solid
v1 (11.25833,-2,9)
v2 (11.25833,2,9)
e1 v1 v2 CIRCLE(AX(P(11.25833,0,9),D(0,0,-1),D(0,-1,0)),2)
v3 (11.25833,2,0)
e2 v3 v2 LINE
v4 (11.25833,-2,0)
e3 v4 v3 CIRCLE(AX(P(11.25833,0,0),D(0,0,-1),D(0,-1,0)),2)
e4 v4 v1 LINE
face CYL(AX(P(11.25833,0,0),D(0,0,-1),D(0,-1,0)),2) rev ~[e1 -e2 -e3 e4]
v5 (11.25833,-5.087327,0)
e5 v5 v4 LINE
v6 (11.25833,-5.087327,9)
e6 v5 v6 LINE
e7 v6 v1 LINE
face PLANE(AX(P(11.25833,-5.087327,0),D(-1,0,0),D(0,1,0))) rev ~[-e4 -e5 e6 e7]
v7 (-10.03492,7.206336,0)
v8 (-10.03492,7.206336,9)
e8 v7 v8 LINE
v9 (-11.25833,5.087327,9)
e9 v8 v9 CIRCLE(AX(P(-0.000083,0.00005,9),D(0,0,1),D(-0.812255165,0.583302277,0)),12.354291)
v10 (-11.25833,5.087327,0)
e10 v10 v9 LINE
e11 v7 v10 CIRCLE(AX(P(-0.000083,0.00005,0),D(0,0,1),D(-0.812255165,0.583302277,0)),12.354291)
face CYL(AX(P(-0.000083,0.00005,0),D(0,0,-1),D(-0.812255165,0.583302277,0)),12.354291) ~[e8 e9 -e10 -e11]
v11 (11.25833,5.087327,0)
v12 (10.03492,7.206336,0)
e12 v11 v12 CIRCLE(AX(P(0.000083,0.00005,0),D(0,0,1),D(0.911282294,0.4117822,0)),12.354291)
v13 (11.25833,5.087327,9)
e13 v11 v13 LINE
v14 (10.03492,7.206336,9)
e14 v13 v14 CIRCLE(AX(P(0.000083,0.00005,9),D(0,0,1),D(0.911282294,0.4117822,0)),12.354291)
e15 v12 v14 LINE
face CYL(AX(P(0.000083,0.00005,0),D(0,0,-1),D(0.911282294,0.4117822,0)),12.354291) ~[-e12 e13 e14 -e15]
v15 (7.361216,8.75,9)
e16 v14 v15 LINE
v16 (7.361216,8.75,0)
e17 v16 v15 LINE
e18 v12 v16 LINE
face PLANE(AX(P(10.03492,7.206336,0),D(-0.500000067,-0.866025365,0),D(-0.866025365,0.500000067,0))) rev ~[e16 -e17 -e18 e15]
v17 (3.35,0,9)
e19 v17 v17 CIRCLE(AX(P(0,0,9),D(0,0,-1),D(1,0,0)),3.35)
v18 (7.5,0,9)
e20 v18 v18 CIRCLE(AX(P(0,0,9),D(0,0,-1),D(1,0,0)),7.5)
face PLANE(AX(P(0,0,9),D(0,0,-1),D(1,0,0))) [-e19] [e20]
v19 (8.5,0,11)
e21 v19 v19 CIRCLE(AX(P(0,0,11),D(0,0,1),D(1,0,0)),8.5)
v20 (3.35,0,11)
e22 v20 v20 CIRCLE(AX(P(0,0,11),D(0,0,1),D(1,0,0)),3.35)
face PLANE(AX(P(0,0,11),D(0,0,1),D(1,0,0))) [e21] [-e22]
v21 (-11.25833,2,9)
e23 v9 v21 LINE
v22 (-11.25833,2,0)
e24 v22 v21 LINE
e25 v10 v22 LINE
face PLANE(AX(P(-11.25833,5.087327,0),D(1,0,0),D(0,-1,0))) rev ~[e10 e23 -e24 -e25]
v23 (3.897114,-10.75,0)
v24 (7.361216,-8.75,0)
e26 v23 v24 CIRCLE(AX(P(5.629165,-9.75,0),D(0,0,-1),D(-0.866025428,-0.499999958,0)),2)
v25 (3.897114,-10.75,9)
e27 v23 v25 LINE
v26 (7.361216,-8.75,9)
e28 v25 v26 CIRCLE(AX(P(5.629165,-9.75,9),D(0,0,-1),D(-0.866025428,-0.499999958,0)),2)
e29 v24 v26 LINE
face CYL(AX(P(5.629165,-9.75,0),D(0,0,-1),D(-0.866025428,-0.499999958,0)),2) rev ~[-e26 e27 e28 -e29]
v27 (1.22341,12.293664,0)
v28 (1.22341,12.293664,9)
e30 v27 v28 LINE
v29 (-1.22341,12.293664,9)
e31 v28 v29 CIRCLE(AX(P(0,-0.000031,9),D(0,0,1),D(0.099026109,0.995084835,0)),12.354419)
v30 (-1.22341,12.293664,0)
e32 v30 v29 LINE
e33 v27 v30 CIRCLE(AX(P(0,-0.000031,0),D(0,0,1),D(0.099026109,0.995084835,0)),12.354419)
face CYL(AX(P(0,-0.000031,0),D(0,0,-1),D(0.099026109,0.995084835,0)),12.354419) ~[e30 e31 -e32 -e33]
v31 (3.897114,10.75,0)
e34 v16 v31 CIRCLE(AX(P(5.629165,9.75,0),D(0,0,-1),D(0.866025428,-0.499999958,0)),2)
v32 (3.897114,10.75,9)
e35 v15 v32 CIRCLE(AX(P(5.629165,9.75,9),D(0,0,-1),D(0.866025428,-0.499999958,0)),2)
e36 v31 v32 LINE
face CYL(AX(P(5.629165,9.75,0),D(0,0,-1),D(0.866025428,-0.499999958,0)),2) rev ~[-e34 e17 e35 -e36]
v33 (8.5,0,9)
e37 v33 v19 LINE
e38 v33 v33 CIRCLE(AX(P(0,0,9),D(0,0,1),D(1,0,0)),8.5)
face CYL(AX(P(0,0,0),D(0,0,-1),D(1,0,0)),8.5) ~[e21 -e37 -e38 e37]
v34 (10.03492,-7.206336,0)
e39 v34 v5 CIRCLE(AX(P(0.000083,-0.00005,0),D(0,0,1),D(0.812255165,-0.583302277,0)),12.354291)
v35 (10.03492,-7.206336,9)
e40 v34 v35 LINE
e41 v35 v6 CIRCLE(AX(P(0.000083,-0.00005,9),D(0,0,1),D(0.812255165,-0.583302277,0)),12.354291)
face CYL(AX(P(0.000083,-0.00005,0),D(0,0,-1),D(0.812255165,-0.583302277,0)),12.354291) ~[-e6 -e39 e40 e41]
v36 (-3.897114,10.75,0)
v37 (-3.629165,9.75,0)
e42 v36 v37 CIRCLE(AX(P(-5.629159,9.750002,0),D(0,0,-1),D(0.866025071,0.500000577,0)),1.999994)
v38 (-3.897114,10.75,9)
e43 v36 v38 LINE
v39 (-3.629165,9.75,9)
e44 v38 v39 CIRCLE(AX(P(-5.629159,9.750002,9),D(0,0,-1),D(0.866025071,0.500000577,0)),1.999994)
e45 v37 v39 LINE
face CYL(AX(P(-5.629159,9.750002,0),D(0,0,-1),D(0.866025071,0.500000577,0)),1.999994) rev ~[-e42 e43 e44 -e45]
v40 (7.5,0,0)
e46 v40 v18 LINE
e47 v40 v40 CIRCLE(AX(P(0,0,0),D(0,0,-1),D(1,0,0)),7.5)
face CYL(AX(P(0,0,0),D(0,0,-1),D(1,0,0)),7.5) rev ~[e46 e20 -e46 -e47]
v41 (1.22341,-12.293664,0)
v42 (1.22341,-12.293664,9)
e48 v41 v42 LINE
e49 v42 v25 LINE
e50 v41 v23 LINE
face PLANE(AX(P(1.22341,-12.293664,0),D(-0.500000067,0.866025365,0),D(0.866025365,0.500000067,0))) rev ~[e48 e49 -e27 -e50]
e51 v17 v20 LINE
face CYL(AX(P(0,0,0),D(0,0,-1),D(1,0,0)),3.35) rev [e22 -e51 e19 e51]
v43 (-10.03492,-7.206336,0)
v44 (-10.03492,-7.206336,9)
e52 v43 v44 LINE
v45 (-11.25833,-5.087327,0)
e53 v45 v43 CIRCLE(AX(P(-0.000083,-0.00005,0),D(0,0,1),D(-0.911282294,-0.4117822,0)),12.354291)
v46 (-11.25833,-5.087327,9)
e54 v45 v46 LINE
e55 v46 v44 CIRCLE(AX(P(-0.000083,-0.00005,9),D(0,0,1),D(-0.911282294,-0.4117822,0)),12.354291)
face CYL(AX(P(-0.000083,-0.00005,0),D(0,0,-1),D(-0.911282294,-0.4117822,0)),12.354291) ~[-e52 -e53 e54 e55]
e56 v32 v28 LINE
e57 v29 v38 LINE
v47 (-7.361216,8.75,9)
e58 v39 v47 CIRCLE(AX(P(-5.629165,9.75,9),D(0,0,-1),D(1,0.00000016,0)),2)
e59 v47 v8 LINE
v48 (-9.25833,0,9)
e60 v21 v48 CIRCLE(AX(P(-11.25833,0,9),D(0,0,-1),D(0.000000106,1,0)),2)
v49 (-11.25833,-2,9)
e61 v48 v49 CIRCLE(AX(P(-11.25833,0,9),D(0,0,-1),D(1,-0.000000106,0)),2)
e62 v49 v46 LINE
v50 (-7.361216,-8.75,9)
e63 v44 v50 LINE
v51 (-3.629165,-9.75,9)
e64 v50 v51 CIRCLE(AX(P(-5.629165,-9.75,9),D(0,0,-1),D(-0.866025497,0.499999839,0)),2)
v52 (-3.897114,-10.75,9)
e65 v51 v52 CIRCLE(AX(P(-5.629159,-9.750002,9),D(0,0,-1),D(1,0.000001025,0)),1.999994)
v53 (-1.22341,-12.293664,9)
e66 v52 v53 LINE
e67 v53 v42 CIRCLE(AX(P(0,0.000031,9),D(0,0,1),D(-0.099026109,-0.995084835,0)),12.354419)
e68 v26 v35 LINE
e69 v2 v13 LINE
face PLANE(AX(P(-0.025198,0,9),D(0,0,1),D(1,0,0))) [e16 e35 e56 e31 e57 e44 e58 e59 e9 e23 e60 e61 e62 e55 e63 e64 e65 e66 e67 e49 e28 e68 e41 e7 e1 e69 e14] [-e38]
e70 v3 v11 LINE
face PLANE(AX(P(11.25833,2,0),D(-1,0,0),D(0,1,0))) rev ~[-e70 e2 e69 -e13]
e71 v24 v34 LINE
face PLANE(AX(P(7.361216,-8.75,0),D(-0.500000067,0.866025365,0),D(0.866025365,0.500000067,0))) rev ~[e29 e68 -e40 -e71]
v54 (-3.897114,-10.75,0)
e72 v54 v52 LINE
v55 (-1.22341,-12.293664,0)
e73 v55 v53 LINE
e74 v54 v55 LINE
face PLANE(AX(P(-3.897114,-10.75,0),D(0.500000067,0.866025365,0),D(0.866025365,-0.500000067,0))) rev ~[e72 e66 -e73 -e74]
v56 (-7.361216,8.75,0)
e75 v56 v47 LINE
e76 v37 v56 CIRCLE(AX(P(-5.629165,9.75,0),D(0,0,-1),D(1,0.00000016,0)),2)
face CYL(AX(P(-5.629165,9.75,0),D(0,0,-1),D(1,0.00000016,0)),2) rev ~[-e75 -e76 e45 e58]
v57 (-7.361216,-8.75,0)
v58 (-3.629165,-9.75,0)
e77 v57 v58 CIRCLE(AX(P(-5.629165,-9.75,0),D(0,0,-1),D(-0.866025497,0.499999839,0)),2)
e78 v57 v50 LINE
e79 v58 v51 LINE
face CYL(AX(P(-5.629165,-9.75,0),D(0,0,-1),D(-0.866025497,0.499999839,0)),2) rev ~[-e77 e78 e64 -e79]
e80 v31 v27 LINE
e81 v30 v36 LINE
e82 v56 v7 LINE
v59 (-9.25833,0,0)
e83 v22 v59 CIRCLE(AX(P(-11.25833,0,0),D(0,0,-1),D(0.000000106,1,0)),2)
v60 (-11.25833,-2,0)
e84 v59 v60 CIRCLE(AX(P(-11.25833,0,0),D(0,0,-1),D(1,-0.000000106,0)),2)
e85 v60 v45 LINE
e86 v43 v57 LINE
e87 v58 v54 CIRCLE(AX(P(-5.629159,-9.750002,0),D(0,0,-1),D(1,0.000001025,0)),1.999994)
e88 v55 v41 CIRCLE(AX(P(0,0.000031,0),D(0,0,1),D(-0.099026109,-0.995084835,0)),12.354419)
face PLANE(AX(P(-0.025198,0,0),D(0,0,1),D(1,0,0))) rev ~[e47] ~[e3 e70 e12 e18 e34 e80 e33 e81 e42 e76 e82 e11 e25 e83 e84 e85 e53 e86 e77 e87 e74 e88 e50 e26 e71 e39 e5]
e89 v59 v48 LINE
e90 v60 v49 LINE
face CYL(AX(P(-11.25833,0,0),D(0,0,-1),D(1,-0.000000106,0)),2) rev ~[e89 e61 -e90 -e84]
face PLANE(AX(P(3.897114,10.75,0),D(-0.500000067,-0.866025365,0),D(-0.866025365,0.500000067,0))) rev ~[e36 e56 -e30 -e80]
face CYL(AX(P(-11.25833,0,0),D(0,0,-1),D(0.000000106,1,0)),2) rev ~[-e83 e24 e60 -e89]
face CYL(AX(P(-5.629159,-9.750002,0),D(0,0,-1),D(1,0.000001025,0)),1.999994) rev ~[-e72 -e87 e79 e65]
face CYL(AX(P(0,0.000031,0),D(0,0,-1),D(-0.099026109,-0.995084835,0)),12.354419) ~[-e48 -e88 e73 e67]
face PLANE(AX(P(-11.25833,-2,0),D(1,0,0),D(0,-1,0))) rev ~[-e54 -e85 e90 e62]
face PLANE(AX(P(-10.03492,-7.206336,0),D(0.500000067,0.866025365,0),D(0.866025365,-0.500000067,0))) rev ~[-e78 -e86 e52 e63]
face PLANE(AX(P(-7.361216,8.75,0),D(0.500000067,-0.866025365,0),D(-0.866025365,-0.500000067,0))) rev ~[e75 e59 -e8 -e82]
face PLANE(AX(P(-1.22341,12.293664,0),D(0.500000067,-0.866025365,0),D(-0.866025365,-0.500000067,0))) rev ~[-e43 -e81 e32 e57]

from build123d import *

# Parameters (mm, degrees)
F0_R     = 8.5
F1_DEPTH = 9
F0_R_2   = 3.35
F2_DEPTH = 11
F3_R     = 7.5
F3_R_2   = 3.35
F4_DEPTH = 9


with BuildPart() as f1:
    # F0 (on Top) → F1 (new body)
    with BuildSketch(Plane.XY):
        with BuildLine():
            Line((-11.25833, -2), (-11.25833, -5.087327))
            ThreePointArc((-11.25833, -5.087327), (-10.699214, -6.177194), (-10.03492, -7.206336))
            Line((-10.03492, -7.206336), (-7.361216, -8.75))
            ThreePointArc((-7.361216, -8.75), (-5.111527, -7.818148), (-3.629165, -9.75))
            ThreePointArc((-3.629165, -9.75), (-3.697313, -10.267638), (-3.897114, -10.75))
            Line((-3.897114, -10.75), (-1.22341, -12.293664))
            ThreePointArc((-1.22341, -12.293664), (0, -12.354388), (1.22341, -12.293664))
            Line((1.22341, -12.293664), (3.897114, -10.75))
            ThreePointArc((3.897114, -10.75), (4.629165, -8.017949), (7.361216, -8.75))
            Line((7.361216, -8.75), (10.03492, -7.206336))
            ThreePointArc((10.03492, -7.206336), (10.699214, -6.177194), (11.25833, -5.087327))
            Line((11.25833, -5.087327), (11.25833, -2))
            ThreePointArc((11.25833, -2), (9.25833, 0), (11.25833, 2))
            Line((11.25833, 2), (11.25833, 5.087327))
            ThreePointArc((11.25833, 5.087327), (10.699214, 6.177194), (10.03492, 7.206336))
            Line((10.03492, 7.206336), (7.361216, 8.75))
            ThreePointArc((7.361216, 8.75), (4.629165, 8.017949), (3.897114, 10.75))
            Line((3.897114, 10.75), (1.22341, 12.293664))
            ThreePointArc((1.22341, 12.293664), (0, 12.354388), (-1.22341, 12.293664))
            Line((-1.22341, 12.293664), (-3.897114, 10.75))
            ThreePointArc((-3.897114, 10.75), (-3.697313, 10.267638), (-3.629165, 9.75))
            ThreePointArc((-3.629165, 9.75), (-5.111527, 7.818148), (-7.361216, 8.75))
            Line((-7.361216, 8.75), (-10.03492, 7.206336))
            ThreePointArc((-10.03492, 7.206336), (-10.699214, 6.177194), (-11.25833, 5.087327))
            Line((-11.25833, 5.087327), (-11.25833, 2))
            ThreePointArc((-11.25833, 2), (-9.844117, 1.414214), (-9.25833, 0))
            ThreePointArc((-9.25833, 0), (-9.844117, -1.414214), (-11.25833, -2))
        make_face()
        Circle(F0_R, mode=Mode.SUBTRACT)
    extrude(amount=F1_DEPTH)

    # F0 (on Top) → F2 (join)
    with BuildSketch(Plane.XY):
        Circle(F0_R)
        Circle(F0_R_2, mode=Mode.SUBTRACT)
    extrude(amount=F2_DEPTH)

    # F3 (on face) → F4 (cut)
    with BuildSketch(Plane(origin=(0, 0, 0), x_dir=(1, 0, 0), z_dir=(0, 0, -1))):
        Circle(F3_R)
        Circle(F3_R_2, mode=Mode.SUBTRACT)
    extrude(amount=-F4_DEPTH, mode=Mode.SUBTRACT)


solid = f1.part
